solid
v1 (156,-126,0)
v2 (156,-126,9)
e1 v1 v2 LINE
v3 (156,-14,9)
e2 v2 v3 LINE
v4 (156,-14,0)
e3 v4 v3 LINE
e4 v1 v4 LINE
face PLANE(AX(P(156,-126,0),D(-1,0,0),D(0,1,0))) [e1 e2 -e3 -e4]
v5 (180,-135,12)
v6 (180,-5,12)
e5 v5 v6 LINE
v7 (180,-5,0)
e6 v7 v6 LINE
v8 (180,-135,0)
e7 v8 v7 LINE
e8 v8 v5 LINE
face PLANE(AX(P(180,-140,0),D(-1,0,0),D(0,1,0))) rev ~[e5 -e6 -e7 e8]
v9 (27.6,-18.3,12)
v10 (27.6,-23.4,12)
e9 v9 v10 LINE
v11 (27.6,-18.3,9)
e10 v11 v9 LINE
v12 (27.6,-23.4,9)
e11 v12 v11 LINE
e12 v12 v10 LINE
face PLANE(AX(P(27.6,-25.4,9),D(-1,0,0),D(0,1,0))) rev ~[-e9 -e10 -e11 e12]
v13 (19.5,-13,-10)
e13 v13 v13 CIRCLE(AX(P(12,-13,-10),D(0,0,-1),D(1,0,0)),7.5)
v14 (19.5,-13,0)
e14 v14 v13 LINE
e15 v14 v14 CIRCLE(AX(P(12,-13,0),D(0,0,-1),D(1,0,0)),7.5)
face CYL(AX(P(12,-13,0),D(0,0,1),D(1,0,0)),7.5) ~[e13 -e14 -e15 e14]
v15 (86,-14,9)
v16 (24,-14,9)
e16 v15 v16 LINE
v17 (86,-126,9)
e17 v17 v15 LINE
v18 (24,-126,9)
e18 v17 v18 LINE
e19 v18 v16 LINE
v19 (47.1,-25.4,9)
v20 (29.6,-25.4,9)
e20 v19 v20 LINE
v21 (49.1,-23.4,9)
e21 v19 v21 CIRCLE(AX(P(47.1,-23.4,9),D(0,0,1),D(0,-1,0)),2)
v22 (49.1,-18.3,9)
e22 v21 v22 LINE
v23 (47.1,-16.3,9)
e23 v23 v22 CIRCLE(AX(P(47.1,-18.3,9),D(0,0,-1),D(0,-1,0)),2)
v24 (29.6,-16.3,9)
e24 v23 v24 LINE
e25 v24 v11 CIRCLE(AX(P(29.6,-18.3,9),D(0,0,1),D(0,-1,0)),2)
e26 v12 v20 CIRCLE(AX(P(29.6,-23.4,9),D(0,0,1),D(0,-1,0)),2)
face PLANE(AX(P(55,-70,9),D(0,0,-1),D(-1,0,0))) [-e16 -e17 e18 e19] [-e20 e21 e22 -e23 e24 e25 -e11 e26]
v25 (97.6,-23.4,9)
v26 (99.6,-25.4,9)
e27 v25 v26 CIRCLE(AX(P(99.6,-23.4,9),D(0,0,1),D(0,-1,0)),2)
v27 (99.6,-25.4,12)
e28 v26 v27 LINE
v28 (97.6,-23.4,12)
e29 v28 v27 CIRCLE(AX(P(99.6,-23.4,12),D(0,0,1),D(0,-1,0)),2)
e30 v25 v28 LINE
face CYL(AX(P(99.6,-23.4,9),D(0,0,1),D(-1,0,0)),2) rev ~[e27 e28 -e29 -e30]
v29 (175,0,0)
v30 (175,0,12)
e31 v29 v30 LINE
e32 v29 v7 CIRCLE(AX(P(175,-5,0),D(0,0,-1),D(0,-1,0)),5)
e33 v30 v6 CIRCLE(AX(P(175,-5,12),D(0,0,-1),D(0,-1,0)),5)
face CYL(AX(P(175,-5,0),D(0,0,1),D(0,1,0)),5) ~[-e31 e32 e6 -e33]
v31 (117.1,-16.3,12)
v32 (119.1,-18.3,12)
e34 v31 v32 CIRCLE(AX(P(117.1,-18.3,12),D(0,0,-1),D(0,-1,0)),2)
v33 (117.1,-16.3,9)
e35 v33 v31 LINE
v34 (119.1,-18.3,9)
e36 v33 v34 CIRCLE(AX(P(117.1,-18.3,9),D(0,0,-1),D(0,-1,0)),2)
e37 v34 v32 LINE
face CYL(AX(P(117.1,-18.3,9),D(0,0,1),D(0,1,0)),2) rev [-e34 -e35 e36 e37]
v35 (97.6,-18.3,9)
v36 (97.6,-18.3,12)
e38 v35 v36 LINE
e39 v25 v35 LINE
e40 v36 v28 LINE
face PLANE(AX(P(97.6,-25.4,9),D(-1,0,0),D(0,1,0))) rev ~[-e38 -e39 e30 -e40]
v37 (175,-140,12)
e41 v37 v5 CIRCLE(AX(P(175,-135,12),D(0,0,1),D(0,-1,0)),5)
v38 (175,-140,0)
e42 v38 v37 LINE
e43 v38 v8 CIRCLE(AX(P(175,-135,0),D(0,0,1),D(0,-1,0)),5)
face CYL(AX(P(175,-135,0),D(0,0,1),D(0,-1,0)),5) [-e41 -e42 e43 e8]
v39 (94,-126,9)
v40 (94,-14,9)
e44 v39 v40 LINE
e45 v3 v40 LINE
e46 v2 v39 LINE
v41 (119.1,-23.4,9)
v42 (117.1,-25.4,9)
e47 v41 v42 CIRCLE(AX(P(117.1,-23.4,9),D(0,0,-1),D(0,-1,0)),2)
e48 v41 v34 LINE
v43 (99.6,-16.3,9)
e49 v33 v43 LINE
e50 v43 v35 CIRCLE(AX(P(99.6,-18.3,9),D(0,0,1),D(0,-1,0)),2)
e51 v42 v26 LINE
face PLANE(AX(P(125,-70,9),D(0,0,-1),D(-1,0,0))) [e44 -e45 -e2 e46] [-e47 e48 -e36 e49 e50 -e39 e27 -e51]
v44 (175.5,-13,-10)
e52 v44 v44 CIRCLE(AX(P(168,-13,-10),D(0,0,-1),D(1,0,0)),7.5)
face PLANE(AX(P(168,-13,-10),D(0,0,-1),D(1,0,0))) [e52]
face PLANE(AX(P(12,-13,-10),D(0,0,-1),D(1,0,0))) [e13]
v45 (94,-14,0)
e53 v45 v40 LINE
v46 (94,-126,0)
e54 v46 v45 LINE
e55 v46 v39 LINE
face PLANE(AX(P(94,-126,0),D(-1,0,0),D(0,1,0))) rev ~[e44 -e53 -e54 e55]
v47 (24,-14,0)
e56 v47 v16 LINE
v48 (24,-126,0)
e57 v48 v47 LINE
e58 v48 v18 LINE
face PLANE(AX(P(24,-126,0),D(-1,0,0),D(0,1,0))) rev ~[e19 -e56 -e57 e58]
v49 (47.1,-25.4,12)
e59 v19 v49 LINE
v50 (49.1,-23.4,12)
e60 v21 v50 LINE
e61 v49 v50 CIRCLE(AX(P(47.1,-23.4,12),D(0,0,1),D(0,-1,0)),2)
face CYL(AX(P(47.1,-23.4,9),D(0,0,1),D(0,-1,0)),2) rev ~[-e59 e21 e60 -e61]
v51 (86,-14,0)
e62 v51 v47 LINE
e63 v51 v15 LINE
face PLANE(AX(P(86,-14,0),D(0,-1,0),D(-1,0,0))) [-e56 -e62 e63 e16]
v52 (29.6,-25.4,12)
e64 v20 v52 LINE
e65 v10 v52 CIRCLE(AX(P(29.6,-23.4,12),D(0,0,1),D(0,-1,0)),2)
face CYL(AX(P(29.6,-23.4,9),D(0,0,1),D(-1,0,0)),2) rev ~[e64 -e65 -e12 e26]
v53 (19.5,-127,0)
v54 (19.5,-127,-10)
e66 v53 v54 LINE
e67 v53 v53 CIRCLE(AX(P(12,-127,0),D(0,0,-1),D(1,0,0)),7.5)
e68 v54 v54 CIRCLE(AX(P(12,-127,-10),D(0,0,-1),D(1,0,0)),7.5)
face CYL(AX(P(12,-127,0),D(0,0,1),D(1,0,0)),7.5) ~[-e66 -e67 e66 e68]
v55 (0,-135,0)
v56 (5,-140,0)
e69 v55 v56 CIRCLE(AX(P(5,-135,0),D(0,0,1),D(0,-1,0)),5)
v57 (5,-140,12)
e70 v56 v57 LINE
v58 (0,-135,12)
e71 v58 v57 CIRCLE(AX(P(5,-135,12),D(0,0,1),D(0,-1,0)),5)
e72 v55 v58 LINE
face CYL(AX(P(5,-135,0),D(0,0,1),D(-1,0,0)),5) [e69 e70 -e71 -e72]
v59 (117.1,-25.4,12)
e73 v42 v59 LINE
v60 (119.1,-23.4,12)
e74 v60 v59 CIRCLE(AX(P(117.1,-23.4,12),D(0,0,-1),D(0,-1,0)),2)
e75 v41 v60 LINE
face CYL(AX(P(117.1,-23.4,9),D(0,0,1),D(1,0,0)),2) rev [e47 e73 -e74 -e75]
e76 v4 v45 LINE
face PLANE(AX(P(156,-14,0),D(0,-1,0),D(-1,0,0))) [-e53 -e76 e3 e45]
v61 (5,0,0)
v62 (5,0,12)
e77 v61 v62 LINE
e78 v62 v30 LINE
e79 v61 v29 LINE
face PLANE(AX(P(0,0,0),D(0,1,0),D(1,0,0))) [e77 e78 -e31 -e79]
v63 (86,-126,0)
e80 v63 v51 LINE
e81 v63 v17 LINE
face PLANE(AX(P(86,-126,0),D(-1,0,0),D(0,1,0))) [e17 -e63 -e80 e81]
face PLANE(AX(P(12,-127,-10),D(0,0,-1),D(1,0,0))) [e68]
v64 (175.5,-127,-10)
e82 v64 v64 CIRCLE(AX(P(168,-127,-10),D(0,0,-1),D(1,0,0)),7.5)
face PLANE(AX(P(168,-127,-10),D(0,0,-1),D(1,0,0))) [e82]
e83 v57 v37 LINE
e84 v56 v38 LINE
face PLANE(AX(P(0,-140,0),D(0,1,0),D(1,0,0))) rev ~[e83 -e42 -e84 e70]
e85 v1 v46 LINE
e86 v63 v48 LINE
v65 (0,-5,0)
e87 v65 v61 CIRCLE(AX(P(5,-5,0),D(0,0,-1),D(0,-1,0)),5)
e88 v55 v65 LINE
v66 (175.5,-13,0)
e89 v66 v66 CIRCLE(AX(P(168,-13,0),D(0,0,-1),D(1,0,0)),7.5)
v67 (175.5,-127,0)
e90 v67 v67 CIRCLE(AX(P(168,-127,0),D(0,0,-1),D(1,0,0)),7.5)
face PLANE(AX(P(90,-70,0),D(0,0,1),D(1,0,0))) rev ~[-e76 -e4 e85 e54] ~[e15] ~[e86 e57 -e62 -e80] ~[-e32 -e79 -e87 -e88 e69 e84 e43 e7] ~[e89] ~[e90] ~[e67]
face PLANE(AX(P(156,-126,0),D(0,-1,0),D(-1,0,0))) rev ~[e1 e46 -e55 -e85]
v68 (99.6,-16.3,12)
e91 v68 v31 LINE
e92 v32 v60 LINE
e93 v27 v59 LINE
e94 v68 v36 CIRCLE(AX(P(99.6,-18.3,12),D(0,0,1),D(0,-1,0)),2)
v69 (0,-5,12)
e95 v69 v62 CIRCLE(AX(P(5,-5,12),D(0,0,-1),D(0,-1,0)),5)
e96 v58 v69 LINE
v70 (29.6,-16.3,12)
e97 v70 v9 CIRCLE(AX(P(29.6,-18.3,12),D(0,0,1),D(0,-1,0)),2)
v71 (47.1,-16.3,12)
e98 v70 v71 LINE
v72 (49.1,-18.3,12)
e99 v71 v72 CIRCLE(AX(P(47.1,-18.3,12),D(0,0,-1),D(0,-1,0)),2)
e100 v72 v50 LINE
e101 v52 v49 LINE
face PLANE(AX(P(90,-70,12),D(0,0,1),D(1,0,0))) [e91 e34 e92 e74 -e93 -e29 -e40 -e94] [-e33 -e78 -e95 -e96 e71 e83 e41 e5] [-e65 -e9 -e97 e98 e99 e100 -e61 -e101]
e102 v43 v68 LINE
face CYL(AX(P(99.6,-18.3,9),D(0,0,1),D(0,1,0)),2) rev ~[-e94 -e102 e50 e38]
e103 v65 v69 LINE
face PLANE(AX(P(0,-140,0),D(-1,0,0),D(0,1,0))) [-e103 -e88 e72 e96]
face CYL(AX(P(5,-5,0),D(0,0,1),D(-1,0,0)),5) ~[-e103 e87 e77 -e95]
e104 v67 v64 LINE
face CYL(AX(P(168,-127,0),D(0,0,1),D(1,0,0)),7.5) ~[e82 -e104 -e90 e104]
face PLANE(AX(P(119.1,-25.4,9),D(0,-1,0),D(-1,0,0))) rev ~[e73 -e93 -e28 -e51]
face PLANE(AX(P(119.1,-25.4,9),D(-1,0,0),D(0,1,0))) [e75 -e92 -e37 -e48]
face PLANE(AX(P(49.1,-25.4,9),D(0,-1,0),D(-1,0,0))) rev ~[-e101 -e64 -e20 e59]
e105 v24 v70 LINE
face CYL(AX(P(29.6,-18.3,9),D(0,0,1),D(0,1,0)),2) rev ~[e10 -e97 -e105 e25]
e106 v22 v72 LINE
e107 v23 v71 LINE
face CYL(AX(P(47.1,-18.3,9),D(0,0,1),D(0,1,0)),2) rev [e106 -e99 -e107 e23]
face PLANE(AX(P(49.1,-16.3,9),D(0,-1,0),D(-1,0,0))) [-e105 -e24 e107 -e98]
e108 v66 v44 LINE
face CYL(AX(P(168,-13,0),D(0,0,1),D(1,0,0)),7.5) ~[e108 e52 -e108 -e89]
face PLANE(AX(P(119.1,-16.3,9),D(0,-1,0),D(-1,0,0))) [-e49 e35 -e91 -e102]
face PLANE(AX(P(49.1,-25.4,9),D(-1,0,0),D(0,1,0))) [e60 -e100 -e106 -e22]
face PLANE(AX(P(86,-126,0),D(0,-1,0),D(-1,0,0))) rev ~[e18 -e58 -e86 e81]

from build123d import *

# Parameters (mm, degrees)
SKETCH1_W           = 180
SKETCH1_H           = 140
BOSS_EXTRUDE1_DEPTH = 12
SKETCH2_W           = 62
SKETCH2_H           = 112
CUT_EXTRUDE1_DEPTH  = 9
SKETCH3_R           = 7.5
BOSS_EXTRUDE2_DEPTH = 10
SKETCH4_W           = 21.5
SKETCH4_H           = 9.1
CUT_EXTRUDE2_DEPTH  = 229.825260843
FILLET4_R           = 2
FILLET5_R           = 2
FILLET6_R           = 2
FILLET7_R           = 5


with BuildPart() as part:
    # Sketch1 → Boss-Extrude1 (new body)
    with BuildSketch(Plane.XY):
        with Locations((90, -70)):
            Rectangle(SKETCH1_W, SKETCH1_H)
    extrude(amount=BOSS_EXTRUDE1_DEPTH)

    # Sketch2 → Cut-Extrude1 (cut)
    with BuildSketch(Plane(origin=(0, 0, 0), x_dir=(-1, 0, 0), z_dir=(0, 0, -1))):
        with Locations((-125, -70)):
            Rectangle(SKETCH2_W, SKETCH2_H)
        with Locations((-55, -70)):
            Rectangle(SKETCH2_W, SKETCH2_H)
    extrude(amount=-CUT_EXTRUDE1_DEPTH, mode=Mode.SUBTRACT)

    # Sketch3 → Boss-Extrude2 (add)
    with BuildSketch(Plane(origin=(0, 0, 0), x_dir=(-1, 0, 0), z_dir=(0, 0, -1))):
        with Locations(Location((-168, -13, 0), (0, 0, 180))):
            Circle(SKETCH3_R)
        with Locations(Location((-12, -13, 0), (0, 0, 180))):
            Circle(SKETCH3_R)
        with Locations(Location((-12, -127, 0), (0, 0, 180))):
            Circle(SKETCH3_R)
        with Locations(Location((-168, -127, 0), (0, 0, 180))):
            Circle(SKETCH3_R)
    extrude(amount=BOSS_EXTRUDE2_DEPTH)

    # Sketch4 → Cut-Extrude2 (cut, through all)
    with BuildSketch(Plane(origin=(0, 0, 9), x_dir=(-1, 0, 0), z_dir=(0, 0, -1))):
        with Locations((-108.35, -20.85)):
            Rectangle(SKETCH4_W, SKETCH4_H)
        with Locations((-38.35, -20.85)):
            Rectangle(SKETCH4_W, SKETCH4_H)
    extrude(amount=-CUT_EXTRUDE2_DEPTH, mode=Mode.SUBTRACT)

    # Fillet4
    fillet4_edges = [part.edges().sort_by_distance(p)[0] for p in [
        (119.1, -16.3, 10.5),
    ]]
    fillet(fillet4_edges, radius=FILLET4_R)

    # Fillet5
    fillet5_edges = [part.edges().sort_by_distance(p)[0] for p in [
        (119.1, -25.4, 10.5),
        (97.6, -16.3, 10.5),
        (97.6, -25.4, 10.5),
    ]]
    fillet(fillet5_edges, radius=FILLET5_R)

    # Fillet6
    fillet6_edges = [part.edges().sort_by_distance(p)[0] for p in [
        (49.1, -25.4, 10.5),
        (49.1, -16.3, 10.5),
        (27.6, -16.3, 10.5),
        (27.6, -25.4, 10.5),
    ]]
    fillet(fillet6_edges, radius=FILLET6_R)

    # Fillet7
    fillet7_edges = [part.edges().sort_by_distance(p)[0] for p in [
        (0, 0, 6),
        (180, 0, 6),
        (180, -140, 6),
        (0, -140, 6),
    ]]
    fillet(fillet7_edges, radius=FILLET7_R)


solid = part.part
